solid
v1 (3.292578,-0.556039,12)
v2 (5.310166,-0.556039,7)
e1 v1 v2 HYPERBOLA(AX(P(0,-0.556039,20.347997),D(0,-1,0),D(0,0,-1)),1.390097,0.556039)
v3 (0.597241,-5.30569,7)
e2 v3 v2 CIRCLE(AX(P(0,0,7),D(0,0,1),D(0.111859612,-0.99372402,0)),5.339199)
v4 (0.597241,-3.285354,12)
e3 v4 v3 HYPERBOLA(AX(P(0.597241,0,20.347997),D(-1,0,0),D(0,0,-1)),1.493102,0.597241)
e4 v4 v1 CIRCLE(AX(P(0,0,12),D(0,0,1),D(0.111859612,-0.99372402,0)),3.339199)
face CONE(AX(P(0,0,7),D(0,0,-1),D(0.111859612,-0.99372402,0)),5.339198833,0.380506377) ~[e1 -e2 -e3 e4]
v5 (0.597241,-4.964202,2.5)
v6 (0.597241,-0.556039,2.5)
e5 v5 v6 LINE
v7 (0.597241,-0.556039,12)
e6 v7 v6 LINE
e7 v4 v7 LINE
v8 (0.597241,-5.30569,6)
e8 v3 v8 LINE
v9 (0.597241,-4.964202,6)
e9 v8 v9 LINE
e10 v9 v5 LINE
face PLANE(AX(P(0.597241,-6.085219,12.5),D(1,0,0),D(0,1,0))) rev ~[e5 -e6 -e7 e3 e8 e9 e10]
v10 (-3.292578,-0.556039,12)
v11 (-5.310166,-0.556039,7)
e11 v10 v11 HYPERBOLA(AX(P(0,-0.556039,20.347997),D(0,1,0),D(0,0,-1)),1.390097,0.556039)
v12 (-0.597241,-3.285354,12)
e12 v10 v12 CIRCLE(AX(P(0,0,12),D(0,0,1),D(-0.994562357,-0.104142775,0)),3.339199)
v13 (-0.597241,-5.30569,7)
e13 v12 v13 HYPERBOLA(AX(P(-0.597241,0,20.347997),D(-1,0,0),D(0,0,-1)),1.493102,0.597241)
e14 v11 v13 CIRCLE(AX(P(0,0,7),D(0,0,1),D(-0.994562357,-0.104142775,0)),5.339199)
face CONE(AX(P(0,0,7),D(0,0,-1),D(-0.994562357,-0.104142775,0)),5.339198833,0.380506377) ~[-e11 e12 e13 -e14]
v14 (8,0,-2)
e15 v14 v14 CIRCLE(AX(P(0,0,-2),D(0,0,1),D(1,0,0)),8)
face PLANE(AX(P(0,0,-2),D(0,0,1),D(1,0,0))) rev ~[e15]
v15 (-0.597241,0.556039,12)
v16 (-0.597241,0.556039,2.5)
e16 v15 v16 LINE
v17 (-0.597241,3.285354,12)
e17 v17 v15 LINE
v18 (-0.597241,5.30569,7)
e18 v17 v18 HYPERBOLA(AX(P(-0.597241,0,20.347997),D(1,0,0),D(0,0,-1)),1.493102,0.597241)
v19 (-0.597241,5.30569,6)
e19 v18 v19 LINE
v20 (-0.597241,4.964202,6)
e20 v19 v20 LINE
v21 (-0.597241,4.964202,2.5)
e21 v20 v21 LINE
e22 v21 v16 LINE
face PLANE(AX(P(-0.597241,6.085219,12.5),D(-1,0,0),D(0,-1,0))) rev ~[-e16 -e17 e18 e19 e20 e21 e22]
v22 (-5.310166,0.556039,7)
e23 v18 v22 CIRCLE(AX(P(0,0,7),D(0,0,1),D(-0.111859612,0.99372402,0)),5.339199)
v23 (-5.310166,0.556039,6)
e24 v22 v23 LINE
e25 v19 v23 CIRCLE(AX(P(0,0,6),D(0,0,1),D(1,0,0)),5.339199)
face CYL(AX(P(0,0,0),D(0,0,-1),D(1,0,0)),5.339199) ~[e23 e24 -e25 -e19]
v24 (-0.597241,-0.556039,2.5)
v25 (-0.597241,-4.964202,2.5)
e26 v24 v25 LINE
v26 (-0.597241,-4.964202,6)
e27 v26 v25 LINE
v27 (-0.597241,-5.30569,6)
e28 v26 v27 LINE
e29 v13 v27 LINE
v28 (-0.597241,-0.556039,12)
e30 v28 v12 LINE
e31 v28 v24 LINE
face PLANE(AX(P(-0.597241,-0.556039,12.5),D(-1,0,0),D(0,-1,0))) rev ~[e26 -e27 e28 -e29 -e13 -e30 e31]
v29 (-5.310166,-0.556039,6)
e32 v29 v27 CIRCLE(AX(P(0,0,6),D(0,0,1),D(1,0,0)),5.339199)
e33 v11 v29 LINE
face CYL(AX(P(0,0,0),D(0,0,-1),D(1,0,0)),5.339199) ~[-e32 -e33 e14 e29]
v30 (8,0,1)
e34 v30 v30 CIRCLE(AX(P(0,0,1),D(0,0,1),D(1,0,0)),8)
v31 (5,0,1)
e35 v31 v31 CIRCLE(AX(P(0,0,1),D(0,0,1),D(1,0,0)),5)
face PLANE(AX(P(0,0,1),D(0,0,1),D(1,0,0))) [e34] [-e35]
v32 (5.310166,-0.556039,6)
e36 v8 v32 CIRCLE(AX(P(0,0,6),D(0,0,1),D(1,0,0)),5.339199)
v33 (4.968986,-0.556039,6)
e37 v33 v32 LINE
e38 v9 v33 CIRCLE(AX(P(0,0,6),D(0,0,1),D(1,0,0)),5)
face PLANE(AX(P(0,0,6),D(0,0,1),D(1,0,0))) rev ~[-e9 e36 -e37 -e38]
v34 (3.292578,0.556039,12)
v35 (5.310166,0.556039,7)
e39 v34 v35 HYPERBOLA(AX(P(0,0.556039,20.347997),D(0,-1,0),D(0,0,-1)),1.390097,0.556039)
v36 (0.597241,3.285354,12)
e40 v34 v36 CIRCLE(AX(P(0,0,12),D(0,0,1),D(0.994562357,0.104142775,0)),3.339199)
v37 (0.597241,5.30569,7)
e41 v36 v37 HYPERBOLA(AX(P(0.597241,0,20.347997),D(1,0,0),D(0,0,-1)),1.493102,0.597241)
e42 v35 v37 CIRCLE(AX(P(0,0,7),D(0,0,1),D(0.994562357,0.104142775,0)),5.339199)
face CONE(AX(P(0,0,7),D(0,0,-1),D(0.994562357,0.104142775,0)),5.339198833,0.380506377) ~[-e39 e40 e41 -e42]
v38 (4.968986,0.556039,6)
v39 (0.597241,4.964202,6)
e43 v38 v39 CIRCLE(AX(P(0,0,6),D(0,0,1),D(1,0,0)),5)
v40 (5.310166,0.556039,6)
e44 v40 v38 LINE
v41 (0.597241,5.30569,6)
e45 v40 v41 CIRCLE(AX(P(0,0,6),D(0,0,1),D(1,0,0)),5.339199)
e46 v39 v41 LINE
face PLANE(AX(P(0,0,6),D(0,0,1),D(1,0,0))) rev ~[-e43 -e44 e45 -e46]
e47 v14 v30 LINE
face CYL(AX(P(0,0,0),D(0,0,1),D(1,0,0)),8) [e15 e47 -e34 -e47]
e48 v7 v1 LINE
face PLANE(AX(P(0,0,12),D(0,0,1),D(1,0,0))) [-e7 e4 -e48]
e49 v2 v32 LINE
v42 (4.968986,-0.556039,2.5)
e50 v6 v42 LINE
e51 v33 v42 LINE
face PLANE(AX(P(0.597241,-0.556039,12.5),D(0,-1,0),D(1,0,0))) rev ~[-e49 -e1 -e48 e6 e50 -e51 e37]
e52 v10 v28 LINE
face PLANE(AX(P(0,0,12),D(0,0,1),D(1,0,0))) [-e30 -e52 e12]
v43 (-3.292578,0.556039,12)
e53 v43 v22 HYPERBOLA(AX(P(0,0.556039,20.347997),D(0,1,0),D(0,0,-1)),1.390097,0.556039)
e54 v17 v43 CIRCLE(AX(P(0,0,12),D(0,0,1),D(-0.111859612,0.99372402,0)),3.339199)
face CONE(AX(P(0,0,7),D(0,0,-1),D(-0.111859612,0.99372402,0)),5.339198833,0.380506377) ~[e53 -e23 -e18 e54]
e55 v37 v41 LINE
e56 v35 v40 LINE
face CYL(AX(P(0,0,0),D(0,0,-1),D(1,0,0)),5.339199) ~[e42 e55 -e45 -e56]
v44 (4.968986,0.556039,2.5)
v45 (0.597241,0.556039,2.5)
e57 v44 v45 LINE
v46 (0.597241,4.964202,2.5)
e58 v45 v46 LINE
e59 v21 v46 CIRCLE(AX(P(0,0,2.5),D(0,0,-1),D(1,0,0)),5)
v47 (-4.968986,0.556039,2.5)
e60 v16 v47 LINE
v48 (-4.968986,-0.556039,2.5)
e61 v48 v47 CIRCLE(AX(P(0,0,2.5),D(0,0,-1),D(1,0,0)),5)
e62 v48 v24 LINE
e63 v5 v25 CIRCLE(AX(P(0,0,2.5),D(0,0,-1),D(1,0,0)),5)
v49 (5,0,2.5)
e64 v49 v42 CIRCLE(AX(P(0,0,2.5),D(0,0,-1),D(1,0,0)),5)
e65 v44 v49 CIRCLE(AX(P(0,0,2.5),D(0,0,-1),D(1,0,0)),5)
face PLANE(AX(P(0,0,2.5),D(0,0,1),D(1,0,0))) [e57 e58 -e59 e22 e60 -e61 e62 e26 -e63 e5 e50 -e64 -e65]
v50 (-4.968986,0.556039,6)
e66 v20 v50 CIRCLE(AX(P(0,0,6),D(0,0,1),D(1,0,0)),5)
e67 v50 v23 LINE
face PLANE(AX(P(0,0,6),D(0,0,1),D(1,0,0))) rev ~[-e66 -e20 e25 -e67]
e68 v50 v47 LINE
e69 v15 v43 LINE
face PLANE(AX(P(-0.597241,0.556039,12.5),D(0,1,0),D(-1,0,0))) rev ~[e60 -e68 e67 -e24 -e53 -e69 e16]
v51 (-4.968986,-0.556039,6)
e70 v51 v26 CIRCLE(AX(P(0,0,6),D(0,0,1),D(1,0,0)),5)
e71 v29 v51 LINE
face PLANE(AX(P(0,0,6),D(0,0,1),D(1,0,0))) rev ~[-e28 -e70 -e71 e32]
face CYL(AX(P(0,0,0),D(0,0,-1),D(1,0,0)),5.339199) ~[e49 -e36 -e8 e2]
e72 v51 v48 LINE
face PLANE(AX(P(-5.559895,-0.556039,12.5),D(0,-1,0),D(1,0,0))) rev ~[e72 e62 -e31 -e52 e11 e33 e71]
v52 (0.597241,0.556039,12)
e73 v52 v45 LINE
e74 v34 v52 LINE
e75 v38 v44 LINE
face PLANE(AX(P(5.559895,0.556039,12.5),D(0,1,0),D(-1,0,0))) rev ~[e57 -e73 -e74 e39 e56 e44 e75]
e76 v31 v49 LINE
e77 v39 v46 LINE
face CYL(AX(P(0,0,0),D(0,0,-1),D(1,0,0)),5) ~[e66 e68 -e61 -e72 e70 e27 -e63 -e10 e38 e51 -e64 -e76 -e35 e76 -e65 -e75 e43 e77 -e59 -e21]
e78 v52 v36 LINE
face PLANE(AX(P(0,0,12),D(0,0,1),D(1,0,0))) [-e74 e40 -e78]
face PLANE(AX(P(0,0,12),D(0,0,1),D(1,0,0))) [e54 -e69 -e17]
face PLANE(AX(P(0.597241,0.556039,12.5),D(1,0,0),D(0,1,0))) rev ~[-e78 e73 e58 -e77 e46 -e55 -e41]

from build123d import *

# Parameters (mm, degrees)
F0_R      = 5
F1_DEPTH  = 12
F0_R_2    = 5.3391988331
F2_DEPTH  = 12
F3_DEPTH  = 6
F4_DEPTH  = 1
F0_R_3    = 8
F0_R_4    = 6
F5_DEPTH  = 1
F8_DEPTH  = 10
F9_SIZE2  = 5
F9_SIZE   = 2
F10_DEPTH = 2


with BuildPart() as f1:
    # F0 (on Top) → F1 (new body)
    with BuildSketch(Plane.XY):
        Circle(F0_R)
    extrude(amount=F1_DEPTH)

    # F0 (on Top) → F2 (join)
    with BuildSketch(Plane.XY):
        Circle(F0_R_2)
        Circle(F0_R, mode=Mode.SUBTRACT)
    extrude(amount=F2_DEPTH)

    # F0 (on Top) → F3 (cut)
    with BuildSketch(Plane.XY):
        Circle(F0_R_2)
        Circle(F0_R, mode=Mode.SUBTRACT)
    extrude(amount=F3_DEPTH, mode=Mode.SUBTRACT)

    # F0 (on Top) → F4 (join)
    with BuildSketch(Plane.XY):
        Circle(F0_R_2)
        Circle(F0_R, mode=Mode.SUBTRACT)
    extrude(amount=F4_DEPTH)



with BuildPart() as f4:
    # F0 (on Top) → F4, piece 2 (new body)
    with BuildSketch(Plane.XY):
        Circle(F0_R_3)
        Circle(F0_R_4, mode=Mode.SUBTRACT)
    extrude(amount=F4_DEPTH)


with BuildPart() as f1_1:
    add(f1.part)

    add(f4.part)  # F5 merges F4
    # F0 (on Top) → F5 (join)
    with BuildSketch(Plane.XY):
        Circle(F0_R_4)
        Circle(F0_R_2, mode=Mode.SUBTRACT)
    extrude(amount=F5_DEPTH)

    # F7 (on offset) → F8 (cut)
    with BuildSketch(Plane.XY.offset(12.5)):
        Polygon((-0.5972407078, -6.0852188617), (0.5972407078, -6.0852188617), (0.5972407078, -0.5560389838), (5.559894722, -0.5560389838), (5.559894722, 0.5560389838), (0.5972407078, 0.5560389838), (0.5972407078, 6.0852188617), (-0.5972407078, 6.0852188617), (-0.5972407078, 0.5560389838), (-5.559894722, 0.5560389838), (-5.559894722, -0.5560389838), (-0.5972407078, -0.5560389838), align=None)
    extrude(amount=-F8_DEPTH, mode=Mode.SUBTRACT)

    # F9
    f9_edges = [f1_1.edges().sort_by_distance(p)[0] for p in [
        (3.790008, -3.760703, 12),
        (-3.790008, -3.760703, 12),
        (3.790008, 3.760703, 12),
        (-3.790008, 3.760703, 12),
    ]]
    chamfer(f9_edges, length=F9_SIZE, length2=F9_SIZE2)

    # F0 (on Top) → F10 (join)
    with BuildSketch(Plane.XY):
        Circle(F0_R_3)
        Circle(F0_R_4, mode=Mode.SUBTRACT)
        Circle(F0_R_4)
        Circle(F0_R_2, mode=Mode.SUBTRACT)
        Circle(F0_R_2)
        Circle(F0_R, mode=Mode.SUBTRACT)
        Circle(F0_R)
    extrude(amount=-F10_DEPTH)


solid = f1_1.part
